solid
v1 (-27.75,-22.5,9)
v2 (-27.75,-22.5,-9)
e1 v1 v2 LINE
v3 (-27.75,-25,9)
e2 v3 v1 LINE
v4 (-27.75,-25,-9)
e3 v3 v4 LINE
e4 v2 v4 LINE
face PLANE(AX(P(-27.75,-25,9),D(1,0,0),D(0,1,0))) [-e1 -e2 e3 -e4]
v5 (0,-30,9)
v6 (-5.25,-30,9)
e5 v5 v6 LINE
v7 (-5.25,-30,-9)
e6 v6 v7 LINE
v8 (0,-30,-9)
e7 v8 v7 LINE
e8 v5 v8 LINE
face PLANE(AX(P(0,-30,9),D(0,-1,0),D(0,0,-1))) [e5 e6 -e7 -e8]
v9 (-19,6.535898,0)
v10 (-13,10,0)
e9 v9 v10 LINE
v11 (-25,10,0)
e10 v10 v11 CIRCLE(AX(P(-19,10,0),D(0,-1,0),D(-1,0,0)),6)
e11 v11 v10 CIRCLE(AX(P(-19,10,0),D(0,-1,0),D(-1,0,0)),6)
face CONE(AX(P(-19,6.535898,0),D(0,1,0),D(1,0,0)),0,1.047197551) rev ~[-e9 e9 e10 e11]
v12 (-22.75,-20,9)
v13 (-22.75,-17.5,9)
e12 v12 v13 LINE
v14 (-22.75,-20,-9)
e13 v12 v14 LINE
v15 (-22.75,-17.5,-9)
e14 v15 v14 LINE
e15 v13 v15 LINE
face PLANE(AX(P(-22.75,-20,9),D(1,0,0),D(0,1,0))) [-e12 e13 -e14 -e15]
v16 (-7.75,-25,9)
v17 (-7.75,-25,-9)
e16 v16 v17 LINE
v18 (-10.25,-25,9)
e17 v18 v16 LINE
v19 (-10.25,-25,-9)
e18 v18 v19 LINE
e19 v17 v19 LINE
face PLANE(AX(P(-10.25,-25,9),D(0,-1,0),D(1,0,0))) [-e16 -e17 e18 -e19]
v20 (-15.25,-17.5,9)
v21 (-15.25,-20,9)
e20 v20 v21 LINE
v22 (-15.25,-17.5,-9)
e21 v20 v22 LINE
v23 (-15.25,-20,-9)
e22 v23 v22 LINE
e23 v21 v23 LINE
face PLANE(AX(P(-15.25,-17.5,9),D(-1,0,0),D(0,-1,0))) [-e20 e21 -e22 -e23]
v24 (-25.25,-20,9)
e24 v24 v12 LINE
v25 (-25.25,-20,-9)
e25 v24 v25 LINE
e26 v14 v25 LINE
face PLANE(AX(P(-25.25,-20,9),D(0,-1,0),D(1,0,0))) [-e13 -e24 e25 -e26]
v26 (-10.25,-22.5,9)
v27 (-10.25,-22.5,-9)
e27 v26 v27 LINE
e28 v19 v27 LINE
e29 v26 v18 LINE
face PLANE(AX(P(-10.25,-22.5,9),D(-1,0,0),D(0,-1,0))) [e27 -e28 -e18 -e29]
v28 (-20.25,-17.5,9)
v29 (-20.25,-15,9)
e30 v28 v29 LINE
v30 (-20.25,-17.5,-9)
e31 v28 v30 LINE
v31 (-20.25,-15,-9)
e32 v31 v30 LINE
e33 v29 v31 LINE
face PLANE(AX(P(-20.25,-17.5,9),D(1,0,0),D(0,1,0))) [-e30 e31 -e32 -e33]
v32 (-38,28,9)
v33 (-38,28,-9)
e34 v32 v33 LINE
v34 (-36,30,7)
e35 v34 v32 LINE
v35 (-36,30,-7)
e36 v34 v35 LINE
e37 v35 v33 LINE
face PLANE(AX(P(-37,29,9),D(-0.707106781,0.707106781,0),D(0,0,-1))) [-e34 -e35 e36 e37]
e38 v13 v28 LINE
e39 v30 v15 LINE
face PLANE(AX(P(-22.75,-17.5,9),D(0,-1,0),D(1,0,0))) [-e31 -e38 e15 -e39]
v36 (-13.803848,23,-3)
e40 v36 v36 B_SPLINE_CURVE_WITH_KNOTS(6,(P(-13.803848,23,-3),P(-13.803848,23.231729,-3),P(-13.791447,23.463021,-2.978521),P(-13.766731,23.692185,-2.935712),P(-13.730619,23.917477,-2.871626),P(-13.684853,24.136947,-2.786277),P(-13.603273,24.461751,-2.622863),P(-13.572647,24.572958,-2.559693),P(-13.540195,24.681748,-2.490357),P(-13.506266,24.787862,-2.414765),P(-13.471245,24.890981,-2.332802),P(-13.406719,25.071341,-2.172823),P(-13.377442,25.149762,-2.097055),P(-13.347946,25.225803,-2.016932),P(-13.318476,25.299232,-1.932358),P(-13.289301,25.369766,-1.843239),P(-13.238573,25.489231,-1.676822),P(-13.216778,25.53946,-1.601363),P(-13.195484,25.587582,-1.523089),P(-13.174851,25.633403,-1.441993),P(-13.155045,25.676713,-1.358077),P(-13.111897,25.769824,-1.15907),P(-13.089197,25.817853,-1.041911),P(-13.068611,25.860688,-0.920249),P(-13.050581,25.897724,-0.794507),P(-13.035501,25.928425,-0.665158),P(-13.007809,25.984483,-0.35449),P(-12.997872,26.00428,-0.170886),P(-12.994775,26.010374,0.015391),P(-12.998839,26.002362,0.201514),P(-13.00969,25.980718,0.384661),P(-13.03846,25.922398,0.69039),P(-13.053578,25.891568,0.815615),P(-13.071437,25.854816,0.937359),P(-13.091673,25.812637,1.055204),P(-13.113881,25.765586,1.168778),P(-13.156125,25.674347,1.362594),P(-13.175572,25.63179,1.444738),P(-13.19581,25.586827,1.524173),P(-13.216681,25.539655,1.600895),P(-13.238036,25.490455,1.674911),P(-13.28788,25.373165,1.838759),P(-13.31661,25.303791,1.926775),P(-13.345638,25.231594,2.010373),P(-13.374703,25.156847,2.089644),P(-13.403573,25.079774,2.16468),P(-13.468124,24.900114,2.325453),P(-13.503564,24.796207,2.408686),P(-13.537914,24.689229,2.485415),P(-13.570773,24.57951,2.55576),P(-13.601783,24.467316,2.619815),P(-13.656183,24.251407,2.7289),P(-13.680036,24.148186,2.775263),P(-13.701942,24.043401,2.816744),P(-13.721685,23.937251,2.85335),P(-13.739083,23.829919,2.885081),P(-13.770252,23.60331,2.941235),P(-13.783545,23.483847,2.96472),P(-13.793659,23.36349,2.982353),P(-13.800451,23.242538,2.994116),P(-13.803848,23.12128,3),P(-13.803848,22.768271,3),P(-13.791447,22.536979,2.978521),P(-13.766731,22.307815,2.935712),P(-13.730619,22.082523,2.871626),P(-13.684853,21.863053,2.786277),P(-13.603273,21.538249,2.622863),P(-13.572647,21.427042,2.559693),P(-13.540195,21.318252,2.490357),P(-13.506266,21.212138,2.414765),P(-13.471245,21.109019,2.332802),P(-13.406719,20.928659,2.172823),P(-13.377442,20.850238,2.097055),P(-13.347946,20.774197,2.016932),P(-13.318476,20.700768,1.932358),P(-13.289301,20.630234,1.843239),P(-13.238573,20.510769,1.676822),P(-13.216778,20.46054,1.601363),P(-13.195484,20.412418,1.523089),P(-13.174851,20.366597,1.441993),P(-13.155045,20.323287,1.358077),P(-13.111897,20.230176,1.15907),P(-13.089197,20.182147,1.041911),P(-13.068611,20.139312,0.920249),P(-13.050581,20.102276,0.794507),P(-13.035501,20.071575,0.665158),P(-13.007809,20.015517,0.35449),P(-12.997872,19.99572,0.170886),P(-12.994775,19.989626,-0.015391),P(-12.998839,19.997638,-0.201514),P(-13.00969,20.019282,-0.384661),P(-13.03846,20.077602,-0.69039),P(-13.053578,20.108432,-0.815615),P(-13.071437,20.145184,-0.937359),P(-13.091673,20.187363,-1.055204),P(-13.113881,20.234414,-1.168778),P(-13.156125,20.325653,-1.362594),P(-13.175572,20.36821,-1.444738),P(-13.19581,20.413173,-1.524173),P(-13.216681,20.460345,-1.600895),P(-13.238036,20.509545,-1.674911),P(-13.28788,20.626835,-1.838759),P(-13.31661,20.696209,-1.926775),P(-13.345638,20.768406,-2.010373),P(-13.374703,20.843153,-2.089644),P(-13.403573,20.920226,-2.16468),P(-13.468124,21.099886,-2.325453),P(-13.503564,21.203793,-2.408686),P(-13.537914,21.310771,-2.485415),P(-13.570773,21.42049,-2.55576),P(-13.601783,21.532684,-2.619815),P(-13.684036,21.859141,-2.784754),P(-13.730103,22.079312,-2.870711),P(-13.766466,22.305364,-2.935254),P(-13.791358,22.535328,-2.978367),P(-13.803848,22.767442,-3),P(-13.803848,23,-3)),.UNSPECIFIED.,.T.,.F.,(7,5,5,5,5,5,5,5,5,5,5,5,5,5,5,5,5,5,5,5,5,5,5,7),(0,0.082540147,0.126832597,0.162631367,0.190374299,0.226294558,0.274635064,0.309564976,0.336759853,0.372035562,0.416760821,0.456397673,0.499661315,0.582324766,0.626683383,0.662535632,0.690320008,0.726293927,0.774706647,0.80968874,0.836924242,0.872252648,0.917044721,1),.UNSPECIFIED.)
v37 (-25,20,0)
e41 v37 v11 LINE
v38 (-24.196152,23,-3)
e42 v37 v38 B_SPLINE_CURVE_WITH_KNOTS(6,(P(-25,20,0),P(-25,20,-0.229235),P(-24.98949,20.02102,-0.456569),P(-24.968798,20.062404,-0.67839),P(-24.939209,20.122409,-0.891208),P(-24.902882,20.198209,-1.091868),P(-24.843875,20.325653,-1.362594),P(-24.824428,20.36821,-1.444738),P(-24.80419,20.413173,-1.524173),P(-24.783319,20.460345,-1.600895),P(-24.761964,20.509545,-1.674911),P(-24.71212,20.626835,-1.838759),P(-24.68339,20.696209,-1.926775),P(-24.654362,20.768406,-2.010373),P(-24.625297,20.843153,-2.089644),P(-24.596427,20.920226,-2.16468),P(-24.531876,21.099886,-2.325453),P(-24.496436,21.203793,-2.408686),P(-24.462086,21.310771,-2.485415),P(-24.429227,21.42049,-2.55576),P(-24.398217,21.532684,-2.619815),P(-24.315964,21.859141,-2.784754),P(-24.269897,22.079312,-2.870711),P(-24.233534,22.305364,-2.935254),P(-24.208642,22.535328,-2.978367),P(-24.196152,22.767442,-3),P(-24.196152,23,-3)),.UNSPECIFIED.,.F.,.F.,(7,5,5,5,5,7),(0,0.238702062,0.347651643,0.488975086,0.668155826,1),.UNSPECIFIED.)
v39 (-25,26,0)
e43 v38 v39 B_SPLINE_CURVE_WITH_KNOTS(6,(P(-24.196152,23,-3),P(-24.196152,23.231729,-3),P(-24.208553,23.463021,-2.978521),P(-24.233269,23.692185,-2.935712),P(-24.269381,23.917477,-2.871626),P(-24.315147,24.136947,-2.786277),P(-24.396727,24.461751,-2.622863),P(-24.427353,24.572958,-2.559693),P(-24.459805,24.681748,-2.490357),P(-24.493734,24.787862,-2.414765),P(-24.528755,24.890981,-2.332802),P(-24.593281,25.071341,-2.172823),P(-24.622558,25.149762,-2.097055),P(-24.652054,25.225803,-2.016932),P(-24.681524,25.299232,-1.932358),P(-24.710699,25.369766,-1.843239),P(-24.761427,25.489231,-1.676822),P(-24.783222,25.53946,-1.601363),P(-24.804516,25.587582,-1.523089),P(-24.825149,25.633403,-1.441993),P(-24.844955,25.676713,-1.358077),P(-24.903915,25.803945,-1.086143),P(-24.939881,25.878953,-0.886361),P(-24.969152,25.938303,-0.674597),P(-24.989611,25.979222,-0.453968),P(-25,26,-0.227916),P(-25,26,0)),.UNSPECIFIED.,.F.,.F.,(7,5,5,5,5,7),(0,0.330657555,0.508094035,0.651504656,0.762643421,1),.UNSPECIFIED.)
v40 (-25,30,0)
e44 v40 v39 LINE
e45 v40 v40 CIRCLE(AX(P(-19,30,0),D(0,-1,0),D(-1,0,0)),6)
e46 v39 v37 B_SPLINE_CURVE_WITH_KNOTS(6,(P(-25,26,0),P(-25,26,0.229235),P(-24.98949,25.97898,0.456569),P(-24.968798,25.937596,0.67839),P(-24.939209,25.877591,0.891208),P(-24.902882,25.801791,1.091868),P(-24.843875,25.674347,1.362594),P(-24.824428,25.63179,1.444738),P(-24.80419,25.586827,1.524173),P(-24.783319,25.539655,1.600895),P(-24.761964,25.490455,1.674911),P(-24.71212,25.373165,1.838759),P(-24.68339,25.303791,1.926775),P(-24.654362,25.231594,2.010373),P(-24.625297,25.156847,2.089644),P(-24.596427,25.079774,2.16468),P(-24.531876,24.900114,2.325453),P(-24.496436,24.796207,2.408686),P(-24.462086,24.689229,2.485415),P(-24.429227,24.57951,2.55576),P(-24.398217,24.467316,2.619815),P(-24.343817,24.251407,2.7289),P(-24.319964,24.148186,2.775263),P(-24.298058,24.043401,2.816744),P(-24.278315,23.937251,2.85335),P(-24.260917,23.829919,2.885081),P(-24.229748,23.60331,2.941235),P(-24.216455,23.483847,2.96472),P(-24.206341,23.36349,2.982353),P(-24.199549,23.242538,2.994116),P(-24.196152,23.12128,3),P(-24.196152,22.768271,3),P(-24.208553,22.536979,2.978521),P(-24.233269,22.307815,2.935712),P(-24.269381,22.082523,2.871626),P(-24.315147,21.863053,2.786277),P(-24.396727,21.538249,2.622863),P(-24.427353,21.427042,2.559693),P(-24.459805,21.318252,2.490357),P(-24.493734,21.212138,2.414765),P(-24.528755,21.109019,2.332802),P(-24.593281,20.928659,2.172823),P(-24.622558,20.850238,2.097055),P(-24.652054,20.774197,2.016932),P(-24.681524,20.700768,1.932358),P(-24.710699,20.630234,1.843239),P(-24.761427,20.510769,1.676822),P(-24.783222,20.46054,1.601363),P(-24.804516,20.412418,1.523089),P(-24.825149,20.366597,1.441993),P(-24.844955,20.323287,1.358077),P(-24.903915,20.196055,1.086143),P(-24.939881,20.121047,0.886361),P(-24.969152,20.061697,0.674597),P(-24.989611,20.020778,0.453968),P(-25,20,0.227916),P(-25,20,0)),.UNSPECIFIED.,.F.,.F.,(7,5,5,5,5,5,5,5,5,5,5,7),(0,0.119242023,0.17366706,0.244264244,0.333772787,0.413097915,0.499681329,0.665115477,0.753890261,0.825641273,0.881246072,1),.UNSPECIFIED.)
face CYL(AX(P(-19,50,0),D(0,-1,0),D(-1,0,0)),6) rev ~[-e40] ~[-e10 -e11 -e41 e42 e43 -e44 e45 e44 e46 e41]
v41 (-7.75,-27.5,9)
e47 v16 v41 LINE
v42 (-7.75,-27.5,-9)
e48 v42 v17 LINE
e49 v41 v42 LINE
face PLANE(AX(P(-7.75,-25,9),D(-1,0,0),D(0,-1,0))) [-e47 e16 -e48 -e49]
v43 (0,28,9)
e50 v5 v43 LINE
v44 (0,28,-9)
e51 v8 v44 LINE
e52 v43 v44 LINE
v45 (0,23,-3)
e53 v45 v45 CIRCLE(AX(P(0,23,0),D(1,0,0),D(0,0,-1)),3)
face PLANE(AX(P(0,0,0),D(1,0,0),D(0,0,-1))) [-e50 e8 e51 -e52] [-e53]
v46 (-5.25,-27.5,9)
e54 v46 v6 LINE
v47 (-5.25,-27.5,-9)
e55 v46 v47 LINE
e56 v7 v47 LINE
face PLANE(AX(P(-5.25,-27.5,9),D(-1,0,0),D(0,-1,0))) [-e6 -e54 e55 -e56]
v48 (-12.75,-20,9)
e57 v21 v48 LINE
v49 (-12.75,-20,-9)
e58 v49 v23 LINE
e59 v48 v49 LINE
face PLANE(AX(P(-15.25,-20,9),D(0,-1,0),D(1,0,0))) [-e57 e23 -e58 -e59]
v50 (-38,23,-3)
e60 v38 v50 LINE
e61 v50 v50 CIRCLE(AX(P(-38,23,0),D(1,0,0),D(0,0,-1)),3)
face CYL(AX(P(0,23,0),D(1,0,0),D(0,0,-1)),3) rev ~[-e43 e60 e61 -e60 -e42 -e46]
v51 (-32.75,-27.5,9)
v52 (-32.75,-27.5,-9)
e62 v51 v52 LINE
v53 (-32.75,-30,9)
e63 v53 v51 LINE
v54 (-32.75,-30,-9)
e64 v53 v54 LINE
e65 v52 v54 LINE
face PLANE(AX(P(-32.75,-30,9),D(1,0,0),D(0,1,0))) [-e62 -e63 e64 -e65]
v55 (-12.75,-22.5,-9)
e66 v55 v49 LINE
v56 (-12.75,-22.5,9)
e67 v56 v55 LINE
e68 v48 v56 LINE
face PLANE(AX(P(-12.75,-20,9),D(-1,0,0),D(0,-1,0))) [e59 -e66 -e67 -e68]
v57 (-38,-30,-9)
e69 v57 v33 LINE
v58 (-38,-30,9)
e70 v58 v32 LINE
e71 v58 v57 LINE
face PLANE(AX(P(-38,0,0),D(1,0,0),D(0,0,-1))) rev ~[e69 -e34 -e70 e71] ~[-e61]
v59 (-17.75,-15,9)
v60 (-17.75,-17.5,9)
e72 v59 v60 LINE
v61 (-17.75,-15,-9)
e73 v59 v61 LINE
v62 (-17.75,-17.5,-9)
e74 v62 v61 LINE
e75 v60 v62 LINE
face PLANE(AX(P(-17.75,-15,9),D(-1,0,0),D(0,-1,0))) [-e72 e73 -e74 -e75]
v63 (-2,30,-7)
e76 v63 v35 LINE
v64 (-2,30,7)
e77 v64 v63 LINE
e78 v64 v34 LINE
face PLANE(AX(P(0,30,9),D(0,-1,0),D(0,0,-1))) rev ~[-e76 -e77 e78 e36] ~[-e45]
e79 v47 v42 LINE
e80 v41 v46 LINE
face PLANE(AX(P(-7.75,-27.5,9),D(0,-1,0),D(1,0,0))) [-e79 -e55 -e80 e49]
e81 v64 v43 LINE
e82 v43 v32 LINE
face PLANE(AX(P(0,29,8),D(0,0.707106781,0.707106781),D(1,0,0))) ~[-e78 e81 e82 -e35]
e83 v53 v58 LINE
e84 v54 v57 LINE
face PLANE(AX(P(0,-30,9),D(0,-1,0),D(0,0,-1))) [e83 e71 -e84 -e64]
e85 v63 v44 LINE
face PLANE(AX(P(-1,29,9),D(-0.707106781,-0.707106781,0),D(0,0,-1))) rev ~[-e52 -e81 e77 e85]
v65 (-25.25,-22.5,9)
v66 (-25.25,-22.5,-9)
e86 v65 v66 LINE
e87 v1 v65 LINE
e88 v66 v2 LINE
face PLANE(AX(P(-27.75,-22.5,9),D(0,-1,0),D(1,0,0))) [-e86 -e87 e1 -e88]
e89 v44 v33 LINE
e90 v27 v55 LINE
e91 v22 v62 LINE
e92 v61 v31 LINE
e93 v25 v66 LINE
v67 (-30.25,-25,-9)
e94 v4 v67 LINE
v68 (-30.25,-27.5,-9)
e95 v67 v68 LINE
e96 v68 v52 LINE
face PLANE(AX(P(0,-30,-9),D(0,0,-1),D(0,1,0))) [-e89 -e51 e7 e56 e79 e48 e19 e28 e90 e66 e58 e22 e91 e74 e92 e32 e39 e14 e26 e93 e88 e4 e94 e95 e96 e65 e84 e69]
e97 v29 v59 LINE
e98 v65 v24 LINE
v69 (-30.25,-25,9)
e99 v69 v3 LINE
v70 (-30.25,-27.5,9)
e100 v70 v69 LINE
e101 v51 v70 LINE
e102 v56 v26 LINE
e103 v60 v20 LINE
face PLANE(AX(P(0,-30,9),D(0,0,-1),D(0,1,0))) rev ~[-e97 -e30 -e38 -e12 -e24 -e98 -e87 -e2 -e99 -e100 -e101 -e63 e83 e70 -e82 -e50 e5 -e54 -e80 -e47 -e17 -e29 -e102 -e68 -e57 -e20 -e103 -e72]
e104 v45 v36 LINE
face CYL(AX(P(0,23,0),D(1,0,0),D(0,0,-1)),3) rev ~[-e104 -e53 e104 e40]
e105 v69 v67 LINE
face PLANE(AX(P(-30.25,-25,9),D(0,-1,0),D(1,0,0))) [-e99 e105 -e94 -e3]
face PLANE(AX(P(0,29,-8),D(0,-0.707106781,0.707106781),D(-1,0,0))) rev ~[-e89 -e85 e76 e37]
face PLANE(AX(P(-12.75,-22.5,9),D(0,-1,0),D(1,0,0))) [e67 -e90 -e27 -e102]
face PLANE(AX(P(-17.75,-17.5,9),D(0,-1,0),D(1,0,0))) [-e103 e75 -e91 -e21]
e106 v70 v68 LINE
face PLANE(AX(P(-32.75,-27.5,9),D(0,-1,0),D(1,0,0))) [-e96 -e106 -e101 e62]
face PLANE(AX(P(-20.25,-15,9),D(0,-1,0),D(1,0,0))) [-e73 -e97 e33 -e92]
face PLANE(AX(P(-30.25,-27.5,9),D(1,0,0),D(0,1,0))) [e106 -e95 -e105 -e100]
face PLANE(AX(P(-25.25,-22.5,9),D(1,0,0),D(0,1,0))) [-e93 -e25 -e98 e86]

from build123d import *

# Parameters (mm, degrees)
SKETCH1_W                   = 18
SKETCH1_H                   = 60
SKETCH1_R                   = 3
BOSS_EXTRUDE1_DEPTH         = 38
CHAMFER1_SIZE               = 2
CUT_EXTRUDE1_DEPTH          = 38
M12X1_25_TAPPED_HOLE1_D     = 12
M12X1_25_TAPPED_HOLE1_DEPTH = 20
M12X1_25_TAPPED_HOLE1_TIP   = 3.464101615


with BuildPart() as part:
    # Sketch1 → Boss-Extrude1 (new body)
    with BuildSketch(Plane(origin=(0, 0, 0), x_dir=(0, 0, -1), z_dir=(1, 0, 0))):
        Rectangle(SKETCH1_W, SKETCH1_H)
        with Locations((0, 23)):
            Circle(SKETCH1_R, mode=Mode.SUBTRACT)
    extrude(amount=-BOSS_EXTRUDE1_DEPTH)

    # Chamfer1
    chamfer1_edges = [part.edges().sort_by_distance(p)[0] for p in [
        (-38, 30, 0),
        (0, 30, 0),
        (-19, 30, 9),
        (-19, 30, -9),
    ]]
    chamfer(chamfer1_edges, length=CHAMFER1_SIZE)

    # Sketch2 → Cut-Extrude1 (cut)
    with BuildSketch(Plane.XY.offset(9)):
        Polygon((-32.75, -30), (-32.75, -27.5), (-30.25, -27.5), (-30.25, -25), (-27.75, -25), (-27.75, -22.5), (-25.25, -22.5), (-25.25, -20), (-22.75, -20), (-22.75, -17.5), (-20.25, -17.5), (-20.25, -15), (-17.75, -15), (-17.75, -17.5), (-15.25, -17.5), (-15.25, -20), (-12.75, -20), (-12.75, -22.5), (-10.25, -22.5), (-10.25, -25), (-7.75, -25), (-7.75, -27.5), (-5.25, -27.5), (-5.25, -30), align=None)
    extrude(amount=-CUT_EXTRUDE1_DEPTH, mode=Mode.SUBTRACT)

    # M12x1.25 Tapped Hole1
    with Locations(Plane(origin=(0, 30, 0), x_dir=(1, 0, 0), z_dir=(0, 1, 0))):
        with Locations((-19, 0)):
            Hole(M12X1_25_TAPPED_HOLE1_D / 2, depth=M12X1_25_TAPPED_HOLE1_DEPTH)
            with Locations((0, 0, -(M12X1_25_TAPPED_HOLE1_DEPTH + M12X1_25_TAPPED_HOLE1_TIP / 2))):  # 120° drill point
                Cone(0, M12X1_25_TAPPED_HOLE1_D / 2, M12X1_25_TAPPED_HOLE1_TIP, mode=Mode.SUBTRACT)


solid = part.part
